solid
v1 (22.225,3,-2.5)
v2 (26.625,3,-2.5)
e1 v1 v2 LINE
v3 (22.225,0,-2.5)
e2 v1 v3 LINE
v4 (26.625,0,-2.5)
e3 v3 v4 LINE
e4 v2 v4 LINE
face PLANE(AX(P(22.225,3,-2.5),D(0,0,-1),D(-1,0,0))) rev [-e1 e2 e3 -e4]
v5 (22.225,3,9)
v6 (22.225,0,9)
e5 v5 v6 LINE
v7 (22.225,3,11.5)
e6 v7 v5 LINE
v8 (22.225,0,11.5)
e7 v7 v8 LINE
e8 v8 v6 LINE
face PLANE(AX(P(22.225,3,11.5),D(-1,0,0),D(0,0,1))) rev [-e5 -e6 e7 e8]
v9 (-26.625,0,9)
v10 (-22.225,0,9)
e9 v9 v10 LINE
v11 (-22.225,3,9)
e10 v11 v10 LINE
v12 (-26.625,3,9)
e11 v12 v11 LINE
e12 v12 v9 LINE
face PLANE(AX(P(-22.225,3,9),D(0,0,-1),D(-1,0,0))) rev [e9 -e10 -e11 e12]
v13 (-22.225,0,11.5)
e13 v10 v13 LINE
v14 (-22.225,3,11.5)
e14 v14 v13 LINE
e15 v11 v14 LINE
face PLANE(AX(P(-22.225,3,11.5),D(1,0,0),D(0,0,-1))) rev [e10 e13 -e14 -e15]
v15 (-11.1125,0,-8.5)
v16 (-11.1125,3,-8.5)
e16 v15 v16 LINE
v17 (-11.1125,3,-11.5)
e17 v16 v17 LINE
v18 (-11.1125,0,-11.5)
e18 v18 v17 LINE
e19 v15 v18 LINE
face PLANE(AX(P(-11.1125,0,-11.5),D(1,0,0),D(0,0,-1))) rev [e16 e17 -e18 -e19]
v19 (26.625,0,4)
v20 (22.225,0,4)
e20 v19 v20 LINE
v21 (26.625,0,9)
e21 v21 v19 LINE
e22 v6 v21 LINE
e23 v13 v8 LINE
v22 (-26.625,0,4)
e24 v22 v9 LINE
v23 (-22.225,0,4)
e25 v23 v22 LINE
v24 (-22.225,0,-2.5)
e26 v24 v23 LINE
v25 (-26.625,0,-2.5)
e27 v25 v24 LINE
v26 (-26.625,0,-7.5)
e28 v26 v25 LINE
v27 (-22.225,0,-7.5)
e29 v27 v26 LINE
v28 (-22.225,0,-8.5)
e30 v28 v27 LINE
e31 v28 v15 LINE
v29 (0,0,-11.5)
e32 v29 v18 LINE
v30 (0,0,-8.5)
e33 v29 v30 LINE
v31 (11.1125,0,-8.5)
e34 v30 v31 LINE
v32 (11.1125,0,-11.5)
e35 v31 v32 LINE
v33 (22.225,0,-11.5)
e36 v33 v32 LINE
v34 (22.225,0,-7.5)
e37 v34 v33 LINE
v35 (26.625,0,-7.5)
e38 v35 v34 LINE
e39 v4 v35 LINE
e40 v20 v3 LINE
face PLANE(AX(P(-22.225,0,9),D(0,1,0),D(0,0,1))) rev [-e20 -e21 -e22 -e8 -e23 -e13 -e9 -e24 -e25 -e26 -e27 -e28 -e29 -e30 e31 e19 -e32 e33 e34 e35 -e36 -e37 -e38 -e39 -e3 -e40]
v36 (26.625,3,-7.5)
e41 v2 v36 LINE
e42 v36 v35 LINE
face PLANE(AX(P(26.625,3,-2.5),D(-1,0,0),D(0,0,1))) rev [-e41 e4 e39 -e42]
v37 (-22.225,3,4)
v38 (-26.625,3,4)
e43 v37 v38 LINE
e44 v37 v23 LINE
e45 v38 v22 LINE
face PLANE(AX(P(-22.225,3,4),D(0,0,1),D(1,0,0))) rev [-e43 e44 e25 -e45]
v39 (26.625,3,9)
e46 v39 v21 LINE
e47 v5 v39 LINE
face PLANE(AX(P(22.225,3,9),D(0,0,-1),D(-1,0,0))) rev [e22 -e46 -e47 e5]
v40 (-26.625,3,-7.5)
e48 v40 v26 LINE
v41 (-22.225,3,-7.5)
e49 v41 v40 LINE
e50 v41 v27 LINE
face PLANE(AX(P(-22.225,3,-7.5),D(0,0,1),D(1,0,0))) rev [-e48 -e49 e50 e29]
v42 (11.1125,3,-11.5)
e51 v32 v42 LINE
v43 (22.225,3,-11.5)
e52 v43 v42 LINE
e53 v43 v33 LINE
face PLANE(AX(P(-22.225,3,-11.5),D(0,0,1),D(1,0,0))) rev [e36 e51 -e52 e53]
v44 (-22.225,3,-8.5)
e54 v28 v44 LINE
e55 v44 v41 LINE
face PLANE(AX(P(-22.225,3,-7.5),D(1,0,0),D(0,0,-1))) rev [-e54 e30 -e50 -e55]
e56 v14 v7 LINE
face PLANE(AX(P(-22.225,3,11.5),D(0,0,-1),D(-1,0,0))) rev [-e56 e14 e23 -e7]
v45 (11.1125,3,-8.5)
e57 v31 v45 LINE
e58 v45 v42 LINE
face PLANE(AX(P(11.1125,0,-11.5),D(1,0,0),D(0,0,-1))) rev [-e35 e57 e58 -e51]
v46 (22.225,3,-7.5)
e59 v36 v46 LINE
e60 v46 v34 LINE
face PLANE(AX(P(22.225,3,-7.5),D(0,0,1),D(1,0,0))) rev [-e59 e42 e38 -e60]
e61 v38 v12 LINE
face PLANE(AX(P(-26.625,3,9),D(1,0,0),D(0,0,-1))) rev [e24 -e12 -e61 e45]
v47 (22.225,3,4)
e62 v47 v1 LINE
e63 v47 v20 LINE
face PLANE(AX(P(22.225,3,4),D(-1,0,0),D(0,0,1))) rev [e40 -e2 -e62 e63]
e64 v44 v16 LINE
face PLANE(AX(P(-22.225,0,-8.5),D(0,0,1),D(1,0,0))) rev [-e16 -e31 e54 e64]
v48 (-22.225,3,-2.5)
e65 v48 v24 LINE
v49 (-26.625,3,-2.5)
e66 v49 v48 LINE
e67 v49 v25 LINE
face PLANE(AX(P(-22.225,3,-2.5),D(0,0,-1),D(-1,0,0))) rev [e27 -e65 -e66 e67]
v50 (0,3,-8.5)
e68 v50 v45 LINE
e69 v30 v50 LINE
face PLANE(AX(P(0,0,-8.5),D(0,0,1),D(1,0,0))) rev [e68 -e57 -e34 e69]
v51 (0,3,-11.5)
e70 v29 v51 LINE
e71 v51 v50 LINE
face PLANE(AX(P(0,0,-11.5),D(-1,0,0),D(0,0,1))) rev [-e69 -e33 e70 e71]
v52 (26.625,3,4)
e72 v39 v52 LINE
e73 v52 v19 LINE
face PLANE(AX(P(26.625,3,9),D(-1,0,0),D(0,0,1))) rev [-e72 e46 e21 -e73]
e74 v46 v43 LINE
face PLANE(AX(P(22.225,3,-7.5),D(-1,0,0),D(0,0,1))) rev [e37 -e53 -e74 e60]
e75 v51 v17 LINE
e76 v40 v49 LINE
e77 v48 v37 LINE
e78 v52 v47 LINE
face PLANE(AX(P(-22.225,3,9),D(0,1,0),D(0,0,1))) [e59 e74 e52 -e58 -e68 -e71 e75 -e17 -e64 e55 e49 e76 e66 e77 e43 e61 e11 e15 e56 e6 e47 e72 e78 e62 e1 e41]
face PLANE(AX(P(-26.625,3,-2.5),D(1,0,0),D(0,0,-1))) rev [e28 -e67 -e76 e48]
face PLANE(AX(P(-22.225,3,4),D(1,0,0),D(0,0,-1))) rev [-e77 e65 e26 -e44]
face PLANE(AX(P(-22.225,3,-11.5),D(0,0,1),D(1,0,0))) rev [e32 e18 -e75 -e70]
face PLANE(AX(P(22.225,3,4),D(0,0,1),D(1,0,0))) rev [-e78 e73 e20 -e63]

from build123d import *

# Parameters (mm, degrees)
BOSS_EXTRUDE1_DEPTH = 3
SKETCH2_W           = 11.1125
SKETCH2_H           = 3
CUT_EXTRUDE1_DEPTH  = 4


with BuildPart() as part:
    # Sketch1 → Boss-Extrude1 (new body)
    with BuildSketch(Plane(origin=(0, 0, 0), x_dir=(1, 0, 0), z_dir=(0, 1, 0))):
        Polygon((-22.225, -11.5), (22.225, -11.5), (22.225, -9), (26.625, -9), (26.625, -4), (22.225, -4), (22.225, 2.5), (26.625, 2.5), (26.625, 7.5), (22.225, 7.5), (22.225, 11.5), (-22.225, 11.5), (-22.225, 7.5), (-26.625, 7.5), (-26.625, 2.5), (-22.225, 2.5), (-22.225, -4), (-26.625, -4), (-26.625, -9), (-22.225, -9), align=None)
    extrude(amount=BOSS_EXTRUDE1_DEPTH)

    # Sketch2 → Cut-Extrude1 (cut, through all)
    with BuildSketch(Plane(origin=(0, 3, 0), x_dir=(1, 0, 0), z_dir=(0, 1, 0))):
        with Locations((-16.66875, 10)):
            Rectangle(SKETCH2_W, SKETCH2_H)
        with Locations((5.55625, 10)):
            Rectangle(SKETCH2_W, SKETCH2_H)
    extrude(amount=-CUT_EXTRUDE1_DEPTH, mode=Mode.SUBTRACT)


solid = part.part
